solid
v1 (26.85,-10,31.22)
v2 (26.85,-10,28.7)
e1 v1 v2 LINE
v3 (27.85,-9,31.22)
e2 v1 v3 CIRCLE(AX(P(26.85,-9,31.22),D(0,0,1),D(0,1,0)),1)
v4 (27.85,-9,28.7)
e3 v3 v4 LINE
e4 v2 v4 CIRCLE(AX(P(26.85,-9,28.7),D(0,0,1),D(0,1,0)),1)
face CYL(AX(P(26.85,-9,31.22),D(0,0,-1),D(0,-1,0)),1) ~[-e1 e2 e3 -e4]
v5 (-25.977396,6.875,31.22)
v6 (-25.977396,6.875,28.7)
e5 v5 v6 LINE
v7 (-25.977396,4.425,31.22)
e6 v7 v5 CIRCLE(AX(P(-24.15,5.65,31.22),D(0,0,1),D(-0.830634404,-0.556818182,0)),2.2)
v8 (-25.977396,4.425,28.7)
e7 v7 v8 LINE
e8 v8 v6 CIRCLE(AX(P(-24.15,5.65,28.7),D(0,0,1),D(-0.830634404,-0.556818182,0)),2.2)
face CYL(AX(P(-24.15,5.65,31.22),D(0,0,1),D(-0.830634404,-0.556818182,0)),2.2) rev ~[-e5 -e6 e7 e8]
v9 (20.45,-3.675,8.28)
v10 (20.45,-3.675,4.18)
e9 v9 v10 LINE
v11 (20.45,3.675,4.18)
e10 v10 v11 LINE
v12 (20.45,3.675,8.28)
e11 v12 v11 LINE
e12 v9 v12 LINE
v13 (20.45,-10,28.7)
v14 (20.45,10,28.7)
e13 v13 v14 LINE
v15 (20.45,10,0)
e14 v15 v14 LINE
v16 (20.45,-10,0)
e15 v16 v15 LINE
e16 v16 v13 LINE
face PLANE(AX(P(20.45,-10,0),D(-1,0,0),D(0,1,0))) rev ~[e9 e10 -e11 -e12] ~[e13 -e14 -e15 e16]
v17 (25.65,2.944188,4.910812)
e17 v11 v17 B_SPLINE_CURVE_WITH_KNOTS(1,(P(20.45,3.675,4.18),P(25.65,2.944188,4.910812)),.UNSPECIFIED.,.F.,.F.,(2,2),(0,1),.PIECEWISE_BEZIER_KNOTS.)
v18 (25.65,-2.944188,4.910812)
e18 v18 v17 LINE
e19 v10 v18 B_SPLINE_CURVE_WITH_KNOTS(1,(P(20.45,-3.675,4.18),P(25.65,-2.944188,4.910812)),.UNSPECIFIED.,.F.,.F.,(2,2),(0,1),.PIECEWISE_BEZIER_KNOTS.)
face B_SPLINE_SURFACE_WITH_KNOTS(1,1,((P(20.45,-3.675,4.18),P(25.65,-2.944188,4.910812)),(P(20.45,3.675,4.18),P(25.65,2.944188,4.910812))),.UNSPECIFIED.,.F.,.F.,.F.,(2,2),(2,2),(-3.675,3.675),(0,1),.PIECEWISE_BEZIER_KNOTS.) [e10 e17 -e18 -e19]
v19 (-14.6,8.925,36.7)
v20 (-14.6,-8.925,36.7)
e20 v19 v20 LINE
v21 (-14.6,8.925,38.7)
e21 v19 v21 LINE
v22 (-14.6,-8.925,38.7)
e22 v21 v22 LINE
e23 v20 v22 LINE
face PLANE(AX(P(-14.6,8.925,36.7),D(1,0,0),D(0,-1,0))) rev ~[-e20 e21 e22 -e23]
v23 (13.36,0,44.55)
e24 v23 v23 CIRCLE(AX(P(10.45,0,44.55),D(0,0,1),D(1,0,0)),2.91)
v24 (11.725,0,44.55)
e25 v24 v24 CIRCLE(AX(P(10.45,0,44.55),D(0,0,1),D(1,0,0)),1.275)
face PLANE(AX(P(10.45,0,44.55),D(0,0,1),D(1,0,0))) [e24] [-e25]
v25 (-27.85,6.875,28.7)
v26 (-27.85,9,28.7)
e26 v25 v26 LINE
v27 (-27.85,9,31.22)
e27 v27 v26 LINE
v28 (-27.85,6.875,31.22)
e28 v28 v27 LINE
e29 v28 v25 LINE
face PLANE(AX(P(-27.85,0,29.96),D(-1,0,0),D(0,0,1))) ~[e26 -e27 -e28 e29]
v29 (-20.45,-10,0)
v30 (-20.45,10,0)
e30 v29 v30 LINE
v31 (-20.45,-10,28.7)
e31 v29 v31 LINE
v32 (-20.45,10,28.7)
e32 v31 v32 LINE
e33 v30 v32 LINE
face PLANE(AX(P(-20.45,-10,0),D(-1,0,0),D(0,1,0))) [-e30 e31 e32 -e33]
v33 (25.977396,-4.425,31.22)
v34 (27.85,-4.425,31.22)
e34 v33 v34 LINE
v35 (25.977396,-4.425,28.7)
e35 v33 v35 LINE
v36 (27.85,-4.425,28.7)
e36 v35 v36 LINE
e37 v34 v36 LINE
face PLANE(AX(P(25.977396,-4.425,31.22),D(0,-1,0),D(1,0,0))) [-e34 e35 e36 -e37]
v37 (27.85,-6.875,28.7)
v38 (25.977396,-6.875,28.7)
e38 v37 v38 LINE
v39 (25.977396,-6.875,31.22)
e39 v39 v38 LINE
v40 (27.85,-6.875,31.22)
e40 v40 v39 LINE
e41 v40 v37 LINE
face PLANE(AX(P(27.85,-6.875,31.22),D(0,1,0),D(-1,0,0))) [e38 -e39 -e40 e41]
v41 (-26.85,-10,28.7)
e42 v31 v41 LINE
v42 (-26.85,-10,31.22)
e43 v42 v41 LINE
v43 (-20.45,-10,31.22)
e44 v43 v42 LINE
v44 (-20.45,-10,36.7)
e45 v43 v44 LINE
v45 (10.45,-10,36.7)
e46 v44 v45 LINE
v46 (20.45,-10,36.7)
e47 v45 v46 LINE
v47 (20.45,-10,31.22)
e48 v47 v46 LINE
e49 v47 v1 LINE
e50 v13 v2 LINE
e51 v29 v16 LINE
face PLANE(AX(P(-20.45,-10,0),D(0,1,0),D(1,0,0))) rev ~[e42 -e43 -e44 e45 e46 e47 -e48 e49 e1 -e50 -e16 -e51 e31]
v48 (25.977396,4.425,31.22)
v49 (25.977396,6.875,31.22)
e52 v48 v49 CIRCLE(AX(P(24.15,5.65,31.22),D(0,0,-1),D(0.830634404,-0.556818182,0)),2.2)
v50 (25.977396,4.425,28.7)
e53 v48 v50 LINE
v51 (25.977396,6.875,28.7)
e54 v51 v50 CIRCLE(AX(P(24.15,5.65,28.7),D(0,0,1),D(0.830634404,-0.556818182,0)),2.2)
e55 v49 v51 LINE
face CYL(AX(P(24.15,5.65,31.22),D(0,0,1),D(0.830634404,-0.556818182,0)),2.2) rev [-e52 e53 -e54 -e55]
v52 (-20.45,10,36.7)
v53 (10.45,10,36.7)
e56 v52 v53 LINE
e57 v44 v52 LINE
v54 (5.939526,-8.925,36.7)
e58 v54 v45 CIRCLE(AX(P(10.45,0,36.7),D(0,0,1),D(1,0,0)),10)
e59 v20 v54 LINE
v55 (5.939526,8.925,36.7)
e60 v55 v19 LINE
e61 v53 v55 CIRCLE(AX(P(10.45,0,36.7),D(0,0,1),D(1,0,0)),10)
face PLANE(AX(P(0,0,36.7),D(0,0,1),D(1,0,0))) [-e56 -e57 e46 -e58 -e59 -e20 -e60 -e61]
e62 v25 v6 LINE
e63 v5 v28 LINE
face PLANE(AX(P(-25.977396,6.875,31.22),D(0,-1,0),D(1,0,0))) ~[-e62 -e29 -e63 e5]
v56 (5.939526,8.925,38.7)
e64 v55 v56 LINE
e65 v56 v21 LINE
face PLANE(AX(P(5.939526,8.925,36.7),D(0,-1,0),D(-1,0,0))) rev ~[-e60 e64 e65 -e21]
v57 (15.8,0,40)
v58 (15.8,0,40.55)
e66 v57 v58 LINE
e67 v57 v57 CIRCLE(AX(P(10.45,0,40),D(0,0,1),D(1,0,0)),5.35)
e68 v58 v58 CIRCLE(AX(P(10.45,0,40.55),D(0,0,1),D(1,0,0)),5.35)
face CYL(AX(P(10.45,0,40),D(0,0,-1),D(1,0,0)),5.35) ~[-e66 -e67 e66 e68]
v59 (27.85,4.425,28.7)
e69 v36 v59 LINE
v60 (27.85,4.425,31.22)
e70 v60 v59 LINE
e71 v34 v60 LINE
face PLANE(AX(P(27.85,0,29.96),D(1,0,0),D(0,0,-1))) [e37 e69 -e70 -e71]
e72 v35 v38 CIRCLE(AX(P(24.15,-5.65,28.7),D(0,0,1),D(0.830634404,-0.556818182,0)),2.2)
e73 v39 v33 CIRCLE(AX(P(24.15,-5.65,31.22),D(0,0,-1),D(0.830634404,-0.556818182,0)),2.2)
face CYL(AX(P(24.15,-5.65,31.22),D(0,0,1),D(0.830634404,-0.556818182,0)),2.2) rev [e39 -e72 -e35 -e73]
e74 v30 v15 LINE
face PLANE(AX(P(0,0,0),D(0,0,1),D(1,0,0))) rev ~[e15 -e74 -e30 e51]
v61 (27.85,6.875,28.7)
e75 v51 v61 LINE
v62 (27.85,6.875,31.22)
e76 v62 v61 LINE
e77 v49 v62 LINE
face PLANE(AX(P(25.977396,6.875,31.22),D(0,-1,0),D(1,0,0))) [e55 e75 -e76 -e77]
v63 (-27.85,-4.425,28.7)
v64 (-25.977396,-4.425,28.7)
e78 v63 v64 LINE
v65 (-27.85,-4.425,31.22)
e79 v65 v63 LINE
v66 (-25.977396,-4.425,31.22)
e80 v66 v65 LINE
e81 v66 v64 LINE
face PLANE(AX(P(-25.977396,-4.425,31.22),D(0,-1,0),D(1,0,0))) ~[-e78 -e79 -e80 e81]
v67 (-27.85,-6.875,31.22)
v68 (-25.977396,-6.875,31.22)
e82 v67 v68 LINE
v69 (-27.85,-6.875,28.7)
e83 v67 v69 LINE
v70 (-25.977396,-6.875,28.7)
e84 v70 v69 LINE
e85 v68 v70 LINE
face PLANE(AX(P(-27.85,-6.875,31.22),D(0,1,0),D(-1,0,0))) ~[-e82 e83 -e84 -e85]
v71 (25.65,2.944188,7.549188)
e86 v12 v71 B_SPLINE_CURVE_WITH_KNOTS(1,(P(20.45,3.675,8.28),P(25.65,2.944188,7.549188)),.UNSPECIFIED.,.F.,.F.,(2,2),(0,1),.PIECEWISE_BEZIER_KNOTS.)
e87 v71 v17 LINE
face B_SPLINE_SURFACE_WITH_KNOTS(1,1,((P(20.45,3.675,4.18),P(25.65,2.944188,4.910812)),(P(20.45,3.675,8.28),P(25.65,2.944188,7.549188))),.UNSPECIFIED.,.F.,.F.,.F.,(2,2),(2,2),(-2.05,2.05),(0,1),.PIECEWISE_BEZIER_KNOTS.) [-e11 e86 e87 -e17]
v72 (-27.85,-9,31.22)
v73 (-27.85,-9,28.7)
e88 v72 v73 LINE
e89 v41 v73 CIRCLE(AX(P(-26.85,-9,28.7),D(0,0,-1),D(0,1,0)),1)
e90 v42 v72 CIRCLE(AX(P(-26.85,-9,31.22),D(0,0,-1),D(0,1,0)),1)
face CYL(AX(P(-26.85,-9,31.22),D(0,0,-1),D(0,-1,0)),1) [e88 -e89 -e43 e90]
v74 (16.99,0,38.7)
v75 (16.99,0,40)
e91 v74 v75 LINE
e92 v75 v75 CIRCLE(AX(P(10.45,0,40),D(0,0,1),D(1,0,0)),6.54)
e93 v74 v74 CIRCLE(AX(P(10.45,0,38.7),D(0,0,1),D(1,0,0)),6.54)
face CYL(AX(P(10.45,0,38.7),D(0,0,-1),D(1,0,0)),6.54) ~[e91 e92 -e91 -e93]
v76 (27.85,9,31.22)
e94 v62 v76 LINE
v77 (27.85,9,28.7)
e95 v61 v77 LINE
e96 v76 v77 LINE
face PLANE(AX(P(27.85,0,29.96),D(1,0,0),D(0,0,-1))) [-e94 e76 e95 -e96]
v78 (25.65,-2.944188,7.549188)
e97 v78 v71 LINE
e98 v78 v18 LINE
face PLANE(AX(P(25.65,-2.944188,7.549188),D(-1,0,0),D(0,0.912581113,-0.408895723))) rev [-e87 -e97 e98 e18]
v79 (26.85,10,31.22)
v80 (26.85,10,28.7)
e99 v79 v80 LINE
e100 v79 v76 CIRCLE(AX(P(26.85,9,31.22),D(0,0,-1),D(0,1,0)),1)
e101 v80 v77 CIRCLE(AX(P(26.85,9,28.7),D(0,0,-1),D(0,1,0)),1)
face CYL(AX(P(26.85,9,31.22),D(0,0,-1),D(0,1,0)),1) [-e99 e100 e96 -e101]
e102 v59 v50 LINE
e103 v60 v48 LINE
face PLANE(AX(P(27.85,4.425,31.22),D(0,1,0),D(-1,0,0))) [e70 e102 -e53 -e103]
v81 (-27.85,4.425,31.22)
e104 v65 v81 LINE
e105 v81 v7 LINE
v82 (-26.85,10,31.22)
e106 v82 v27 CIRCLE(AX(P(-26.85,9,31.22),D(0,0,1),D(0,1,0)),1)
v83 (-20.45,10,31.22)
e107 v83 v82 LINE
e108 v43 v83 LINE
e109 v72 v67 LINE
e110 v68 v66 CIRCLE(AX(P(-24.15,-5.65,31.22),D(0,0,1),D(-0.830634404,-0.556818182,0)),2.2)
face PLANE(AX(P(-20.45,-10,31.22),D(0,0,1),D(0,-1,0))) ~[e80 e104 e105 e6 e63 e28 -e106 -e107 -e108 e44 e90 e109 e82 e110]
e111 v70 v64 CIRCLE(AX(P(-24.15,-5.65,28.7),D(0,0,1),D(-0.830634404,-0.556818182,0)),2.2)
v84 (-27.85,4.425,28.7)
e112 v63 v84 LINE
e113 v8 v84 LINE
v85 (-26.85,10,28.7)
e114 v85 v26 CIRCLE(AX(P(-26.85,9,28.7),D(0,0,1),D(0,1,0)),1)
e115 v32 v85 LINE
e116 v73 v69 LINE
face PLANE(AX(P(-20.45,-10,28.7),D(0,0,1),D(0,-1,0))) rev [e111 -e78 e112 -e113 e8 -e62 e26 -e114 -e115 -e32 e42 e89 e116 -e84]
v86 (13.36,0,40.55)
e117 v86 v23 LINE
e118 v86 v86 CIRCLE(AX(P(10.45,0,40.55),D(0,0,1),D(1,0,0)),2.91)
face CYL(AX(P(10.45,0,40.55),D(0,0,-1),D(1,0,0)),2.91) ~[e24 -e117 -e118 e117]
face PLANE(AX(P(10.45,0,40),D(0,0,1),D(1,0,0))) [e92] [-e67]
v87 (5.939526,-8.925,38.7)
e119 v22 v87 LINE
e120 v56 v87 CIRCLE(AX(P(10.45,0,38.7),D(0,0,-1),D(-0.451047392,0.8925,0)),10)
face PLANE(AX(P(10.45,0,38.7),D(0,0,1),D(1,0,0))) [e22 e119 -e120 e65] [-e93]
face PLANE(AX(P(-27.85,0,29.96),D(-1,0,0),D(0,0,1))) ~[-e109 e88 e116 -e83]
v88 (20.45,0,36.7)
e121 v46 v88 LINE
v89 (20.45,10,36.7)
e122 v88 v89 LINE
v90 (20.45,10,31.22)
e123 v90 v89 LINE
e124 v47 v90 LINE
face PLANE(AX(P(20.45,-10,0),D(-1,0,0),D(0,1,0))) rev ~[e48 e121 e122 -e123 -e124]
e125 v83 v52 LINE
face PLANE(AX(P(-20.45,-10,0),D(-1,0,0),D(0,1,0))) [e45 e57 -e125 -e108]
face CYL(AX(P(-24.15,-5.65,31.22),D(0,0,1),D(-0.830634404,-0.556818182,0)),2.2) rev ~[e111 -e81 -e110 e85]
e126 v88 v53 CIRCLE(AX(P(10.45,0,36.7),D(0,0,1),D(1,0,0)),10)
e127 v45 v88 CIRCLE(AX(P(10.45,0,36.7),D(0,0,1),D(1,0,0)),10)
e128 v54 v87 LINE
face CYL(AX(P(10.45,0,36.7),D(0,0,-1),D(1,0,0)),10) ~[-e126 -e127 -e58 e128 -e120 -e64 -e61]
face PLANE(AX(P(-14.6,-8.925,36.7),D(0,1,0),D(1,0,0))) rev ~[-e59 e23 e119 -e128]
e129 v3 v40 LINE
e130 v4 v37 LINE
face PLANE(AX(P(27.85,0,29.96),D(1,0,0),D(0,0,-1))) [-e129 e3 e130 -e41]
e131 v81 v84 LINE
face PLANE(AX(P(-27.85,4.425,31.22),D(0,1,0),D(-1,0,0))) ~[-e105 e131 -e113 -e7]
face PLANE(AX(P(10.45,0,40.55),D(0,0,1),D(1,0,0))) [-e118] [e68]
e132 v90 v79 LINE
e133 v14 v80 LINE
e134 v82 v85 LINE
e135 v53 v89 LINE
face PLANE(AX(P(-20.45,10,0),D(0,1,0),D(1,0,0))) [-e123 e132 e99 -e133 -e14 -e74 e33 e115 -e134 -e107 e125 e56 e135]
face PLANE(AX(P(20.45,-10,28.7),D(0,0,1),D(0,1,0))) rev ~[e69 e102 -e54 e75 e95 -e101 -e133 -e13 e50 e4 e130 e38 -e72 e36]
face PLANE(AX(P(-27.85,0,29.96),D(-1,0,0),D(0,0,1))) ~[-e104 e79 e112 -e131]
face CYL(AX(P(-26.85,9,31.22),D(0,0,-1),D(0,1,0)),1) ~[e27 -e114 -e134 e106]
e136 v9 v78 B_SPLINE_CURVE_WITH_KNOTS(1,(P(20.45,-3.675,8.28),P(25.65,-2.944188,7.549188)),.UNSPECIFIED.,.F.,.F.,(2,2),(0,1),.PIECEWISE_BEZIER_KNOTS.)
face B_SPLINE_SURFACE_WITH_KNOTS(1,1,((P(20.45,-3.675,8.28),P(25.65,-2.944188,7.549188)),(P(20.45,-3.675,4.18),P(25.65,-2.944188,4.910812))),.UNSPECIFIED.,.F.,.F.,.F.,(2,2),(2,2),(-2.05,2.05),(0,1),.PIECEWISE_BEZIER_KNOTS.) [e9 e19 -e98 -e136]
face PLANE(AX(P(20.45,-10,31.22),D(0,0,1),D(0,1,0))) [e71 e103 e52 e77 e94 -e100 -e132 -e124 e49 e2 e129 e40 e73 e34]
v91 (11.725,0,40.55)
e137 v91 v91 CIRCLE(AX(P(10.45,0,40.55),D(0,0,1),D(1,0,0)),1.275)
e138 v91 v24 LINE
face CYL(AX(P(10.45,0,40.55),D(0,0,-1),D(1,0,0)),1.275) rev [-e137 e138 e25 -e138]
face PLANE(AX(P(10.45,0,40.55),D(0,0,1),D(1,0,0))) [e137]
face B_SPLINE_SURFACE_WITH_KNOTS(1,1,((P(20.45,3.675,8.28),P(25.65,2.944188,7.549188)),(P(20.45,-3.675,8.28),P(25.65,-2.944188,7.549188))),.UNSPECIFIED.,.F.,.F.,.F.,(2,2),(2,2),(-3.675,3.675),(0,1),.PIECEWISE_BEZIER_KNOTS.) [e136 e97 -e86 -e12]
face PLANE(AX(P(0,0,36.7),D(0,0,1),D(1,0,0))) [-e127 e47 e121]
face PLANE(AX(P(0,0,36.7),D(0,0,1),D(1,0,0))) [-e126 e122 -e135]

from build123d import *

# Parameters (mm, degrees)
SKETCH_1_W             = 40.9
SKETCH_1_H             = 20
EXTRUDE_1_DEPTH        = 36.7
SKETCH_2_R             = 10
EXTRUDE_2_DEPTH        = 2
SKETCH_3_R             = 6.54
EXTRUDE_3_DEPTH        = 1.3
SKETCH_4_R             = 5.35
EXTRUDE_4_DEPTH        = 0.55
SKETCH_5_R             = 2.91
SKETCH_5_R_2           = 1.275
EXTRUDE_5_DEPTH        = 4
EXTRUDE_6_DEPTH        = 2
SKETCH_7_W             = 2.52
SKETCH_7_H             = 20
EXTRUDE_7_DEPTH        = 7.4
CUT_EXTRUDE_3_DEPTH    = 3.4
FILLET_1_R             = 1
FILLET_1_OF_MIRROR_1_R = 1
SKETCH_9_W             = 4.1
SKETCH_9_H             = 7.35
EXTRUDE_8_DEPTH        = 5.2
EXTRUDE_8_TAPER        = 8


with BuildPart() as part:
    # 스케치1 → 보스-돌출1 (new body)
    with BuildSketch(Plane.XY):
        Rectangle(SKETCH_1_W, SKETCH_1_H)
    extrude(amount=EXTRUDE_1_DEPTH)

    # 스케치2 → 보스-돌출2 (add)
    with BuildSketch(Plane.XY.offset(36.7)):
        with Locations((10.45, 0)):
            Circle(SKETCH_2_R)
    extrude(amount=EXTRUDE_2_DEPTH)

    # 스케치3 → 보스-돌출3 (add)
    with BuildSketch(Plane.XY.offset(38.7)):
        with Locations((10.45, 0)):
            Circle(SKETCH_3_R)
    extrude(amount=EXTRUDE_3_DEPTH)

    # 스케치4 → 보스-돌출4 (add)
    with BuildSketch(Plane.XY.offset(40)):
        with Locations((10.45, 0)):
            Circle(SKETCH_4_R)
    extrude(amount=EXTRUDE_4_DEPTH)

    # 스케치5 → 보스-돌출5 (add)
    with BuildSketch(Plane.XY.offset(40.55)):
        with Locations((10.45, 0)):
            Circle(SKETCH_5_R)
        with Locations((10.45, 0)):
            Circle(SKETCH_5_R_2, mode=Mode.SUBTRACT)
    extrude(amount=EXTRUDE_5_DEPTH)

    # 스케치6 → 보스-돌출6 (add)
    with BuildSketch(Plane.XY.offset(36.7)):
        with BuildLine():
            Line((5.939526078, 8.925), (-14.6, 8.925))
            Line((-14.6, 8.925), (-14.6, -8.925))
            Line((-14.6, -8.925), (5.939526078, -8.925))
            ThreePointArc((5.939526078, -8.925), (0.45, 0), (5.939526078, 8.925))
        make_face()
    extrude(amount=EXTRUDE_6_DEPTH)

    # 스케치7 → 보스-돌출7 (add)
    with BuildSketch(Plane(origin=(20.45, 0, 0), x_dir=(0, 0, -1), z_dir=(1, 0, 0))):
        with Locations((-29.96, 0)):
            Rectangle(SKETCH_7_W, SKETCH_7_H)
    extrude_7 = extrude(amount=EXTRUDE_7_DEPTH)

    # 스케치8 → 컷-돌출3 (cut)
    with BuildSketch(Plane.XY.offset(31.22)):
        with BuildLine():
            Line((27.85, 6.875), (27.85, 4.425))
            Line((27.85, 4.425), (25.977395688, 4.425))
            ThreePointArc((25.977395688, 4.425), (21.95, 5.65), (25.977395688, 6.875))
            Line((25.977395688, 6.875), (27.85, 6.875))
        make_face()
        with BuildLine():
            Line((27.85, -4.425), (27.85, -6.875))
            Line((27.85, -6.875), (25.977395688, -6.875))
            ThreePointArc((25.977395688, -6.875), (21.95, -5.65), (25.977395688, -4.425))
            Line((25.977395688, -4.425), (27.85, -4.425))
        make_face()
    cut_extrude_3 = extrude(amount=-CUT_EXTRUDE_3_DEPTH, mode=Mode.SUBTRACT)

    # 필렛1
    fillet_1_edges = [part.edges().sort_by_distance(p)[0] for p in [
        (27.85, -10, 29.96),
        (27.85, 10, 29.96),
    ]]
    fillet(fillet_1_edges, radius=FILLET_1_R)

    # 대칭 복사1: 보스-돌출7, 컷-돌출3 across plane
    add(extrude_7.mirror(Plane(origin=(0, 0, 0), x_dir=(0, 0, 1), z_dir=(1, 0, 0))))
    add(cut_extrude_3.mirror(Plane(origin=(0, 0, 0), x_dir=(0, 0, 1), z_dir=(1, 0, 0))), mode=Mode.SUBTRACT)

    # 필렛1 of 대칭 복사1
    fillet_1_of_mirror_1_edges = [part.edges().sort_by_distance(p)[0] for p in [
        (-27.85, -10, 29.96),
        (-27.85, 10, 29.96),
    ]]
    fillet(fillet_1_of_mirror_1_edges, radius=FILLET_1_OF_MIRROR_1_R)

    # 스케치9 → 보스-돌출8 (add)
    with BuildSketch(Plane(origin=(20.45, 0, 0), x_dir=(0, 0, -1), z_dir=(1, 0, 0))):
        with Locations((-6.23, 0)):
            Rectangle(SKETCH_9_W, SKETCH_9_H)
    extrude(amount=EXTRUDE_8_DEPTH, taper=EXTRUDE_8_TAPER)


solid = part.part
